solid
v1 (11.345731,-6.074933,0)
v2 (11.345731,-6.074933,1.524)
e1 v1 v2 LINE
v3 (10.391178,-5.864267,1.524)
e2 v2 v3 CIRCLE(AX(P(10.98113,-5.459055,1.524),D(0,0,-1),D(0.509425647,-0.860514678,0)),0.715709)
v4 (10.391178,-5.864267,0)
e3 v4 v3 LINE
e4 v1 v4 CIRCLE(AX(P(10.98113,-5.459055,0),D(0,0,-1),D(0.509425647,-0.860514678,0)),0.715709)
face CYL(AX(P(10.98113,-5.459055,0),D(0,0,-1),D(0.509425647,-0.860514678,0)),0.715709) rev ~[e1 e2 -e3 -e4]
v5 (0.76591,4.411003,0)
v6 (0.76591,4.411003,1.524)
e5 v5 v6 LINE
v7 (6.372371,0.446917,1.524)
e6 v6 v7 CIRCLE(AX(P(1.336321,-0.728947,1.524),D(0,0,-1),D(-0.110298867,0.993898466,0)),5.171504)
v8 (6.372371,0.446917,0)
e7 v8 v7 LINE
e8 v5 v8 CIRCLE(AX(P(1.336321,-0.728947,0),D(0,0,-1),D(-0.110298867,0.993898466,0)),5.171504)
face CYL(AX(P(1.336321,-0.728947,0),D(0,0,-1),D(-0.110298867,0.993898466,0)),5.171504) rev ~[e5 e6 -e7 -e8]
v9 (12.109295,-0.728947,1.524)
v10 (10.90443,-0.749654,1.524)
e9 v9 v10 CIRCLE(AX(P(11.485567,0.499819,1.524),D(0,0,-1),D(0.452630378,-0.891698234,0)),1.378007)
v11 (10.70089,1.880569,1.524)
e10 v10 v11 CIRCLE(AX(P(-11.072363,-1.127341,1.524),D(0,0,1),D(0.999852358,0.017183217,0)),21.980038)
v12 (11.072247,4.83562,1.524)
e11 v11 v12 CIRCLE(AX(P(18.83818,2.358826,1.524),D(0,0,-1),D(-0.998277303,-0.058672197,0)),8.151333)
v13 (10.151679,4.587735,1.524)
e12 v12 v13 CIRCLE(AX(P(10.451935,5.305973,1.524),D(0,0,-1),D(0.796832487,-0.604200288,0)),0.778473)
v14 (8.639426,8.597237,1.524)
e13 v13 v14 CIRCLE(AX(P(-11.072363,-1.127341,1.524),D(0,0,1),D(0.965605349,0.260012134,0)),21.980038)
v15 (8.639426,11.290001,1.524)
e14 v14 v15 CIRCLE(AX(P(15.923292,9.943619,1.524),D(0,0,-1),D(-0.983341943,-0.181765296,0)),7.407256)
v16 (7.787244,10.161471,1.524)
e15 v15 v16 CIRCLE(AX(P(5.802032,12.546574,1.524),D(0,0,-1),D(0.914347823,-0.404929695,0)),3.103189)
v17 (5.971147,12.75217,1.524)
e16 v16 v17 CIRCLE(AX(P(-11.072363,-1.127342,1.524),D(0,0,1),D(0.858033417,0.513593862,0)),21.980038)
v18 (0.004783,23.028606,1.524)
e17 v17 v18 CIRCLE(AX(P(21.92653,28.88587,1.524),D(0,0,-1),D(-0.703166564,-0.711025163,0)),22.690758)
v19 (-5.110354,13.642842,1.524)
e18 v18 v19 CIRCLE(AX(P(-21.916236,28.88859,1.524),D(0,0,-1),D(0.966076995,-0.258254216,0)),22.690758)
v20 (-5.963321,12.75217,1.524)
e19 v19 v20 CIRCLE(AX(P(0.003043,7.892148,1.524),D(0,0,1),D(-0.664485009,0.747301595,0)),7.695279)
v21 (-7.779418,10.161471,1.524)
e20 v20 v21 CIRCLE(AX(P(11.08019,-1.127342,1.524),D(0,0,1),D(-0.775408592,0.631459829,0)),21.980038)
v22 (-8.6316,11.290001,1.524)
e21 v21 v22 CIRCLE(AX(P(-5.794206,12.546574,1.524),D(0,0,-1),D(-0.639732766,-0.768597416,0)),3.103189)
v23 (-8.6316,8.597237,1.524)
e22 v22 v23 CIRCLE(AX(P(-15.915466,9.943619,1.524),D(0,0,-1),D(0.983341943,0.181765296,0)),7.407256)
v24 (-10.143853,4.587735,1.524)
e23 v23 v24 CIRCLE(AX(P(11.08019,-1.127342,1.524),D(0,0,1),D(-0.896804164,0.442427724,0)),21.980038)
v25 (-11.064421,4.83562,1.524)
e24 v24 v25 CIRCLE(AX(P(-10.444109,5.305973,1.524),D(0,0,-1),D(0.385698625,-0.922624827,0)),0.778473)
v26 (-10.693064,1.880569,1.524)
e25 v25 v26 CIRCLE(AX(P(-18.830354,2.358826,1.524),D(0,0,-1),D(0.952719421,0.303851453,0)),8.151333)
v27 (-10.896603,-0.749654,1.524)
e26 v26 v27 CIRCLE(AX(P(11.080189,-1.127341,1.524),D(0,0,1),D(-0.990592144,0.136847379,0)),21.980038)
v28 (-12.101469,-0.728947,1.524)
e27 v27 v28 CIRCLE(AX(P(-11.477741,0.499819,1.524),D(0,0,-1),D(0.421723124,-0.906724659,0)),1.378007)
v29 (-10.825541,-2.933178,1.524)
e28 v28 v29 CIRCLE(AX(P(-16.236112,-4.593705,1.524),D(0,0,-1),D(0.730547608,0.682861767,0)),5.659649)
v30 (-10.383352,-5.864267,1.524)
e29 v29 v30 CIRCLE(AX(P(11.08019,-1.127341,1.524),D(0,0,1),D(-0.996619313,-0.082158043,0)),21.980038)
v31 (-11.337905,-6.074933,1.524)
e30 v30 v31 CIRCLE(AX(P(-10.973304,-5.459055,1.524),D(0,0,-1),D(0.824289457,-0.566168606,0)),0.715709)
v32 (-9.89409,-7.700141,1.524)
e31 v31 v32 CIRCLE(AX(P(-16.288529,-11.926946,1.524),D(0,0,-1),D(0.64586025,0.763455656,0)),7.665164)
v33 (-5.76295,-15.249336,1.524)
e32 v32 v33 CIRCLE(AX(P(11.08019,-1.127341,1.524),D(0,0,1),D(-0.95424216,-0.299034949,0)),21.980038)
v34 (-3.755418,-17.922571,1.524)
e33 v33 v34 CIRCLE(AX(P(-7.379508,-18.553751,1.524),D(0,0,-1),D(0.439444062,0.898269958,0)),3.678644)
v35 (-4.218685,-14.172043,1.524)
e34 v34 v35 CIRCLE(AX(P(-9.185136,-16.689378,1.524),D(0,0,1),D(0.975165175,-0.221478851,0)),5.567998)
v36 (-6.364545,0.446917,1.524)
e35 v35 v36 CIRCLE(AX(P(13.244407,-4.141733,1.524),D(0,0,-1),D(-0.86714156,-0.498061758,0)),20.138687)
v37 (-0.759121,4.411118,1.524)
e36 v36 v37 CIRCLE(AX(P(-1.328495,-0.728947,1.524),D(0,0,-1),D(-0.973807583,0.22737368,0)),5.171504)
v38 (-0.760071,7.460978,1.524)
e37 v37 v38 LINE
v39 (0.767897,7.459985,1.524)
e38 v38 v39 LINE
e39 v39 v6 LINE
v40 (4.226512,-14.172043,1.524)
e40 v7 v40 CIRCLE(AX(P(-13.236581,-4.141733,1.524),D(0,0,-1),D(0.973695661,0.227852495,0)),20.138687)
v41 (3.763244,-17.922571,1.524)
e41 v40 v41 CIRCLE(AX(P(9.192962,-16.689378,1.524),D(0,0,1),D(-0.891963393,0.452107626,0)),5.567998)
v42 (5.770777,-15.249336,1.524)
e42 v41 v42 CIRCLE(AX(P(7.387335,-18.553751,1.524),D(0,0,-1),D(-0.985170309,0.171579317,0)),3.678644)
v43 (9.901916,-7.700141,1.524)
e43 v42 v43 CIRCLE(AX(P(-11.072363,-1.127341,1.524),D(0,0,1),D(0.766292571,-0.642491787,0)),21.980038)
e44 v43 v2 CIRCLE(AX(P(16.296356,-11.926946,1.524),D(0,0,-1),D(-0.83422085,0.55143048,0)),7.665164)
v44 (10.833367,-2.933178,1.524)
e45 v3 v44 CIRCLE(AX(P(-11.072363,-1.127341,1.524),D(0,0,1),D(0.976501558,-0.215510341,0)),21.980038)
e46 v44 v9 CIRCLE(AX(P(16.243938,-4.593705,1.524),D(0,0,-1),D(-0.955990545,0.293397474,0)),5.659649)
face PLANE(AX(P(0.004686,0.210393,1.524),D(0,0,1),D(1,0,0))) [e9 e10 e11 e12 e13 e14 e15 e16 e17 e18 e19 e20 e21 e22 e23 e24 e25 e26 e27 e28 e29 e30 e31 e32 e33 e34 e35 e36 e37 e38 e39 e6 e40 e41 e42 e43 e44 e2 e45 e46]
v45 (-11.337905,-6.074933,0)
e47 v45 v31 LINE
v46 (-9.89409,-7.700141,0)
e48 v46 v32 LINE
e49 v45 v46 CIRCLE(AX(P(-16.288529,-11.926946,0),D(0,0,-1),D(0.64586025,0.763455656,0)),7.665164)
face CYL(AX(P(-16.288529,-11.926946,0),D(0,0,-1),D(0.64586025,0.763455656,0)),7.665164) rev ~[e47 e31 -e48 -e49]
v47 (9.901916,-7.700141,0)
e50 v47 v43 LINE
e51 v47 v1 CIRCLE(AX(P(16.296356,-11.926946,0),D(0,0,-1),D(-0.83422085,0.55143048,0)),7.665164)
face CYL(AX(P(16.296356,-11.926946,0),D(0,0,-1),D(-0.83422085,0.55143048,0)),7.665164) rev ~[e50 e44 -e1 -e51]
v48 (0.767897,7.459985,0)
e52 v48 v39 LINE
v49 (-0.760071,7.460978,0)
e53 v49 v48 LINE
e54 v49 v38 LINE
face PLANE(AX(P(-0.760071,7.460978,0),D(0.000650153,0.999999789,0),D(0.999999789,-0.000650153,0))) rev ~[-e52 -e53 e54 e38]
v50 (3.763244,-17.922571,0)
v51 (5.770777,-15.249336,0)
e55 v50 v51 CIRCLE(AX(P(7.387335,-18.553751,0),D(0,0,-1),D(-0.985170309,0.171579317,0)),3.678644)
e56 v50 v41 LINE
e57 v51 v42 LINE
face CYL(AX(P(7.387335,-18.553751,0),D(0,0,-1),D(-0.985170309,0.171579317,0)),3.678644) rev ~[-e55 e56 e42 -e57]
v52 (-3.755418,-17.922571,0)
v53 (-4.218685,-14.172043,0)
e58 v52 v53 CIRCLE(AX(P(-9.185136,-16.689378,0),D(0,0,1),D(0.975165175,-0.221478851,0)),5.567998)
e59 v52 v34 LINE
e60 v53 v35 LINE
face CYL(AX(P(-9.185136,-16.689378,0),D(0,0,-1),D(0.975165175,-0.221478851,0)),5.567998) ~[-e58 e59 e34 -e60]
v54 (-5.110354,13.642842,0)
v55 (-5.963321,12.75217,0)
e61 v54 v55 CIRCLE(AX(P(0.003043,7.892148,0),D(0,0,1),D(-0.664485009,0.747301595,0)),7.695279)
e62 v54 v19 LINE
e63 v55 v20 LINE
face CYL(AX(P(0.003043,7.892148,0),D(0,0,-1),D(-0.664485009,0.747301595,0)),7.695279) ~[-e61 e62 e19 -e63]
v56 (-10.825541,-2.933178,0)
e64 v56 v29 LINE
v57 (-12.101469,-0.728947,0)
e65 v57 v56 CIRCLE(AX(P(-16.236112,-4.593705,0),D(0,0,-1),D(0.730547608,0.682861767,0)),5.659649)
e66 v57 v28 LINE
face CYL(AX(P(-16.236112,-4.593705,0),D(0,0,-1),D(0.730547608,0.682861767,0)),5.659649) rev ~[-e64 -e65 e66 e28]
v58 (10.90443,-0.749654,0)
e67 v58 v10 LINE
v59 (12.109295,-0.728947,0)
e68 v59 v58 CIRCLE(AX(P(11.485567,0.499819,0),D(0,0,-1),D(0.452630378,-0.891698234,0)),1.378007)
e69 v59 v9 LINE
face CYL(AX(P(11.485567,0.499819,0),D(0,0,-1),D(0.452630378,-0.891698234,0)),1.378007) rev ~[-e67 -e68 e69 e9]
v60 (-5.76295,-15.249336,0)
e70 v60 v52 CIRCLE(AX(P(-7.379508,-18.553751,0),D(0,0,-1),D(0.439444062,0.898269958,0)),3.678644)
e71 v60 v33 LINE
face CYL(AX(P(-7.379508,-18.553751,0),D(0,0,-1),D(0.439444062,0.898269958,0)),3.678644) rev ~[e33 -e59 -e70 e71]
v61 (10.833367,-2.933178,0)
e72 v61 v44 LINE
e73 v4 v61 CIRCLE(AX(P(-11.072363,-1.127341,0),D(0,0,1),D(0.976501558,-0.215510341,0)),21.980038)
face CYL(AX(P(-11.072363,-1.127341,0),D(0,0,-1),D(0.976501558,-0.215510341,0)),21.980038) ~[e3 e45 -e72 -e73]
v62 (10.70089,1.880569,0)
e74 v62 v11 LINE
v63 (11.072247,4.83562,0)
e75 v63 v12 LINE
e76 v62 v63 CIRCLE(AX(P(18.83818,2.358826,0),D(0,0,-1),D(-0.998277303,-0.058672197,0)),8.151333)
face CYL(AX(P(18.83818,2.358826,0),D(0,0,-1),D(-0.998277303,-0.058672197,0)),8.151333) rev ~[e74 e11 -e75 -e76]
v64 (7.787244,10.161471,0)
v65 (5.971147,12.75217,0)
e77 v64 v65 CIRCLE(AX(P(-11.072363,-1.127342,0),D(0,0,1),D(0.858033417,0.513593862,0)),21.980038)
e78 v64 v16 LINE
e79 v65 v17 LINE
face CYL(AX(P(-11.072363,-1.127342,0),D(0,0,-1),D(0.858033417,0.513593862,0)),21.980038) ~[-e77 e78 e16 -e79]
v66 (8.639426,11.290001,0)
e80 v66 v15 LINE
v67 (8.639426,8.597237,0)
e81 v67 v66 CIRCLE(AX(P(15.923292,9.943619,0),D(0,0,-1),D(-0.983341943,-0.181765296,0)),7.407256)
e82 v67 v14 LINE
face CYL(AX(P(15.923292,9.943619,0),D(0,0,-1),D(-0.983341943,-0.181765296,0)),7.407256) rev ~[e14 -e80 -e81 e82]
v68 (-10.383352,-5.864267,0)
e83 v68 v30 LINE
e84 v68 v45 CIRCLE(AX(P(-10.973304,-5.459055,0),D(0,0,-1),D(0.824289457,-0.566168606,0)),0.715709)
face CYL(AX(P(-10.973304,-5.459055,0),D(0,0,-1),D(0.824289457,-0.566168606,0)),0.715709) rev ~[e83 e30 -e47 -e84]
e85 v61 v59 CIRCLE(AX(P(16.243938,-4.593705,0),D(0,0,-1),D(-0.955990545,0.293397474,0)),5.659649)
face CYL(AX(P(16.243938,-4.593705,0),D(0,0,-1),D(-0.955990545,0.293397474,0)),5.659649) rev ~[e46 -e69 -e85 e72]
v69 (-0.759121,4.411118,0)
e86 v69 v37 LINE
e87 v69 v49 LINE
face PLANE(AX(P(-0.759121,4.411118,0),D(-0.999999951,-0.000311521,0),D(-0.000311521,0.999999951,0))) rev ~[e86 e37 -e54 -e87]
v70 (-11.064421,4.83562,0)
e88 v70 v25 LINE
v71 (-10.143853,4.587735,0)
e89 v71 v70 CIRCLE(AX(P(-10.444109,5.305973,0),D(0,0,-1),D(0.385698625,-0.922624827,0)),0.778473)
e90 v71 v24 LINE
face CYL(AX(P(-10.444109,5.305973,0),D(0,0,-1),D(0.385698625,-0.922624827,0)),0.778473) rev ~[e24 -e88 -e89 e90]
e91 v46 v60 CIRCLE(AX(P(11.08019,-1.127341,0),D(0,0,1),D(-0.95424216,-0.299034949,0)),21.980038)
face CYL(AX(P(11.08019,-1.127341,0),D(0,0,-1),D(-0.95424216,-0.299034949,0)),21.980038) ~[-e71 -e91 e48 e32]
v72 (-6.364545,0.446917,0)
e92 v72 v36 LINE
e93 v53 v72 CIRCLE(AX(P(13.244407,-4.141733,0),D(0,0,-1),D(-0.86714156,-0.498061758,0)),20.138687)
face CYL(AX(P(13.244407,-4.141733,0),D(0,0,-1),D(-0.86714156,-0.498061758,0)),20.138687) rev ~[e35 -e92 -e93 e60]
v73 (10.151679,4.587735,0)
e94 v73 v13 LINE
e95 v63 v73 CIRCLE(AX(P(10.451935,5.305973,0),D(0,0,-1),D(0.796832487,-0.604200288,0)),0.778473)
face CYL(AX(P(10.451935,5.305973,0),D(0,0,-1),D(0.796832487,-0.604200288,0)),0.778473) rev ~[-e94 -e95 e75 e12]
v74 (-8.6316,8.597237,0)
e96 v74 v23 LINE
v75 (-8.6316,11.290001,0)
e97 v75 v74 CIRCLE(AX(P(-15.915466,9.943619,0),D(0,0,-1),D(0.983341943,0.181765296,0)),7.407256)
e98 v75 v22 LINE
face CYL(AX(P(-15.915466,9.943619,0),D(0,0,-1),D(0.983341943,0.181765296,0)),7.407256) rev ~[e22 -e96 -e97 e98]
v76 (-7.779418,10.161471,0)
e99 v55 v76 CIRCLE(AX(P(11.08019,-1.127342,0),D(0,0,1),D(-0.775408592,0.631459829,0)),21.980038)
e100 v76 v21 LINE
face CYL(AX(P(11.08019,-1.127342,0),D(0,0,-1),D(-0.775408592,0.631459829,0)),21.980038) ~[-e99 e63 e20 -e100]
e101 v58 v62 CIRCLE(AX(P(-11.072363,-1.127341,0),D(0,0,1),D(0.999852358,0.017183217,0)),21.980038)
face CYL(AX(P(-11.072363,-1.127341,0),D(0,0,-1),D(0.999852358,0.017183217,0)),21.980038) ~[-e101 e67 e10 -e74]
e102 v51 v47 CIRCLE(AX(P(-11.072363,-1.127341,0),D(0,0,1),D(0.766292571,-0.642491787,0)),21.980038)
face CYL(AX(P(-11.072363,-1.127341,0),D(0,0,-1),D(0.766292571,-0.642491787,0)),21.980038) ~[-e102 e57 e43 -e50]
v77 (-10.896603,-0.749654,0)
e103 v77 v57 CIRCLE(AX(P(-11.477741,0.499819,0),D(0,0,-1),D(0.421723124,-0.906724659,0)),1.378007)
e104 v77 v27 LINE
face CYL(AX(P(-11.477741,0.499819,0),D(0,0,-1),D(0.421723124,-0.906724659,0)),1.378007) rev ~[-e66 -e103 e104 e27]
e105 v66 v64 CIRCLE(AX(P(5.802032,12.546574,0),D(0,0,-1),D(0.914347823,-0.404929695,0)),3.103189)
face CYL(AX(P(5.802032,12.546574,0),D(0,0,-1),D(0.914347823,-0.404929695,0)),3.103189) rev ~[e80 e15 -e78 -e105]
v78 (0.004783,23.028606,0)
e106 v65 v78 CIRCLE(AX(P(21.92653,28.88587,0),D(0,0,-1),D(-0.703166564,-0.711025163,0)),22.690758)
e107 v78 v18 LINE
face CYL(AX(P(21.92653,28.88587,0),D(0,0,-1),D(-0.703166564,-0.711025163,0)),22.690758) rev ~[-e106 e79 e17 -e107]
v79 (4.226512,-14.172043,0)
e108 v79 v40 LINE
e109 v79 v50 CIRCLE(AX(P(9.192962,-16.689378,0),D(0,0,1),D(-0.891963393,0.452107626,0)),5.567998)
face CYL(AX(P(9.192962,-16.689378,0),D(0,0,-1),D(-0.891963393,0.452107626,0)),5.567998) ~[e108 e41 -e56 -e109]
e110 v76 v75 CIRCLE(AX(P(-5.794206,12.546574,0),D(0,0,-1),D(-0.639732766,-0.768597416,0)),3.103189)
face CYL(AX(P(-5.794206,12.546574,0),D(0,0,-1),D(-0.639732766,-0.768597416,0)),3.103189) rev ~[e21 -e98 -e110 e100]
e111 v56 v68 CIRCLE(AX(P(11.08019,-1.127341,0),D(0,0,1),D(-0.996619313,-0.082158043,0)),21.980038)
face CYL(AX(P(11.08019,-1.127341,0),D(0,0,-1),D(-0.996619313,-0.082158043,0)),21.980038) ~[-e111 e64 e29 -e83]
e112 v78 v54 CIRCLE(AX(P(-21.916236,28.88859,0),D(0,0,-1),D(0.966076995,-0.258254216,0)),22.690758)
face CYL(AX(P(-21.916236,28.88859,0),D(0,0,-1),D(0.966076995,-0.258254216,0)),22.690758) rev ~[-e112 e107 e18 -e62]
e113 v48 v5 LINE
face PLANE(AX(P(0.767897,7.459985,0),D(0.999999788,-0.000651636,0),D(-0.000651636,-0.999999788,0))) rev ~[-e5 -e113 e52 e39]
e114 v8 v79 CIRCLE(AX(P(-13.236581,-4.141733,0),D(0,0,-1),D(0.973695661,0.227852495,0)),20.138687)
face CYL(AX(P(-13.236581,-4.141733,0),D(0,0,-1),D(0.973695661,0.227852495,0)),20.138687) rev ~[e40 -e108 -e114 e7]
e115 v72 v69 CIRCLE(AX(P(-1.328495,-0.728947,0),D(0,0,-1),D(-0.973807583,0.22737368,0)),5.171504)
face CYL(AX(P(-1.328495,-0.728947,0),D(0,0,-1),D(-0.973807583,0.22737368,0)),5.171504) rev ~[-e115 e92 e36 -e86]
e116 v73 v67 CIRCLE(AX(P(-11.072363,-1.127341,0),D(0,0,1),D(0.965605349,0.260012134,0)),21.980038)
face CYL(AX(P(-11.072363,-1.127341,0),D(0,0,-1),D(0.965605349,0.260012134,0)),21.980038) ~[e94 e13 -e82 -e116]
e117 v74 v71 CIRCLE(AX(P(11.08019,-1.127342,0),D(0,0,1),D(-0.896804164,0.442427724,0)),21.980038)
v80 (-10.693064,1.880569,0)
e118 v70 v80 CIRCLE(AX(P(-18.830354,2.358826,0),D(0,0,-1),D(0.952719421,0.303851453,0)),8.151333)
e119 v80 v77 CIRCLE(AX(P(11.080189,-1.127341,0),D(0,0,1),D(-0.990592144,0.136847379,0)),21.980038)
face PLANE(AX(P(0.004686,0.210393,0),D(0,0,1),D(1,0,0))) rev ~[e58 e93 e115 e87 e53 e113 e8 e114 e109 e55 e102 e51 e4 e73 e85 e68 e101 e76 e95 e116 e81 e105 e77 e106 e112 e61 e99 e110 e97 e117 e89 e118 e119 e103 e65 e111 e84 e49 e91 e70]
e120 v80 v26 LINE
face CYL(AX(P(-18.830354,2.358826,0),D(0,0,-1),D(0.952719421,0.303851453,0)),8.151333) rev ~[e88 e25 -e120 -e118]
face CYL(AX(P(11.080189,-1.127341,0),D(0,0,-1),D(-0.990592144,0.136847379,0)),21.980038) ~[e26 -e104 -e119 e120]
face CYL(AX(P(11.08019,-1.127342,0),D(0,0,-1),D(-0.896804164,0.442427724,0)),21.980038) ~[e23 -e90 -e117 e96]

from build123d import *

# Parameters (mm, degrees)
BOSS_EXTRUDE1_DEPTH = 1.524


with BuildPart() as part:
    # Sketch1 → Boss-Extrude1 (new body)
    with BuildSketch(Plane.XY):
        with BuildLine():
            Line((-0.760070899, 7.460977954), (0.767897128, 7.459984541))
            Line((0.767897128, 7.459984541), (0.765910301, 4.411002891))
            ThreePointArc((0.765910301, 4.411002891), (4.32194984, 3.493667889), (6.372371333, 0.446916765))
            ThreePointArc((6.372371333, 0.446916765), (6.688594723, -7.066471539), (4.226511646, -14.172043153))
            ThreePointArc((4.226511646, -14.172043153), (3.666960455, -16.006802716), (3.76324428, -17.922571391))
            ThreePointArc((3.76324428, -17.922571391), (4.445796565, -16.344729964), (5.770776644, -15.249335522))
            ThreePointArc((5.770776644, -15.249335522), (8.209412547, -11.678891072), (9.901915798, -7.700141093))
            ThreePointArc((9.901915798, -7.700141093), (10.56591512, -6.836092284), (11.345730748, -6.07493328))
            ThreePointArc((11.345730748, -6.07493328), (10.826887202, -6.157946188), (10.391178227, -5.864267011))
            ThreePointArc((10.391178227, -5.864267011), (10.661740328, -4.406185462), (10.833367262, -2.933178384))
            ThreePointArc((10.833367262, -2.933178384), (11.345730748, -1.758358454), (12.109295167, -0.728947171))
            ThreePointArc((12.109295167, -0.728947171), (11.509245819, -0.877984338), (10.904429696, -0.749653693))
            ThreePointArc((10.904429696, -0.749653693), (10.842155911, 0.568514134), (10.700889839, 1.880569141))
            ThreePointArc((10.700889839, 1.880569141), (10.750460558, 3.375199082), (11.072247287, 4.835619986))
            ThreePointArc((11.072247287, 4.835619986), (10.654347315, 4.554276024), (10.151679138, 4.587735186))
            ThreePointArc((10.151679138, 4.587735186), (9.493497129, 6.629427415), (8.639426453, 8.597236857))
            ThreePointArc((8.639426453, 8.597236857), (8.516035962, 9.943618933), (8.639426453, 11.29000101))
            ThreePointArc((8.639426453, 11.29000101), (8.278476637, 10.67654613), (7.787243967, 10.161471258))
            ThreePointArc((7.787243967, 10.161471258), (6.925869801, 11.489539462), (5.971147131, 12.752169745))
            ThreePointArc((5.971147131, 12.752169745), (2.303316115, 17.492889529), (0.004783201, 23.028605823))
            ThreePointArc((0.004783201, 23.028605823), (-1.992221452, 18.030222496), (-5.110354293, 13.642841609))
            ThreePointArc((-5.110354293, 13.642841609), (-5.554708445, 13.214619989), (-5.963320902, 12.752169745))
            ThreePointArc((-5.963320902, 12.752169745), (-6.918043572, 11.489539462), (-7.779417738, 10.161471258))
            ThreePointArc((-7.779417738, 10.161471258), (-8.270650408, 10.67654613), (-8.631600224, 11.29000101))
            ThreePointArc((-8.631600224, 11.29000101), (-8.508209733, 9.943618933), (-8.631600224, 8.597236857))
            ThreePointArc((-8.631600224, 8.597236857), (-9.4856709, 6.629427415), (-10.14385291, 4.587735186))
            ThreePointArc((-10.14385291, 4.587735186), (-10.646521087, 4.554276024), (-11.064421059, 4.835619986))
            ThreePointArc((-11.064421059, 4.835619986), (-10.742634329, 3.375199082), (-10.69306361, 1.880569141))
            ThreePointArc((-10.69306361, 1.880569141), (-10.834329682, 0.568514134), (-10.896603467, -0.749653693))
            ThreePointArc((-10.896603467, -0.749653693), (-11.50141959, -0.877984338), (-12.101468938, -0.728947171))
            ThreePointArc((-12.101468938, -0.728947171), (-11.33790452, -1.758358454), (-10.825541034, -2.933178384))
            ThreePointArc((-10.825541034, -2.933178384), (-10.653914099, -4.406185462), (-10.383351998, -5.864267011))
            ThreePointArc((-10.383351998, -5.864267011), (-10.819060973, -6.157946188), (-11.33790452, -6.07493328))
            ThreePointArc((-11.33790452, -6.07493328), (-10.558088891, -6.836092284), (-9.894089569, -7.700141093))
            ThreePointArc((-9.894089569, -7.700141093), (-8.201586318, -11.678891072), (-5.762950415, -15.249335522))
            ThreePointArc((-5.762950415, -15.249335522), (-4.437970336, -16.344729964), (-3.755418051, -17.922571391))
            ThreePointArc((-3.755418051, -17.922571391), (-3.659134226, -16.006802716), (-4.218685417, -14.172043153))
            ThreePointArc((-4.218685417, -14.172043153), (-6.680768494, -7.066471539), (-6.364545104, 0.446916765))
            ThreePointArc((-6.364545104, 0.446916765), (-4.314549444, 3.493366768), (-0.759120805, 4.411117837))
            Line((-0.759120805, 4.411117837), (-0.760070899, 7.460977954))
        make_face()
    extrude(amount=BOSS_EXTRUDE1_DEPTH)


solid = part.part
